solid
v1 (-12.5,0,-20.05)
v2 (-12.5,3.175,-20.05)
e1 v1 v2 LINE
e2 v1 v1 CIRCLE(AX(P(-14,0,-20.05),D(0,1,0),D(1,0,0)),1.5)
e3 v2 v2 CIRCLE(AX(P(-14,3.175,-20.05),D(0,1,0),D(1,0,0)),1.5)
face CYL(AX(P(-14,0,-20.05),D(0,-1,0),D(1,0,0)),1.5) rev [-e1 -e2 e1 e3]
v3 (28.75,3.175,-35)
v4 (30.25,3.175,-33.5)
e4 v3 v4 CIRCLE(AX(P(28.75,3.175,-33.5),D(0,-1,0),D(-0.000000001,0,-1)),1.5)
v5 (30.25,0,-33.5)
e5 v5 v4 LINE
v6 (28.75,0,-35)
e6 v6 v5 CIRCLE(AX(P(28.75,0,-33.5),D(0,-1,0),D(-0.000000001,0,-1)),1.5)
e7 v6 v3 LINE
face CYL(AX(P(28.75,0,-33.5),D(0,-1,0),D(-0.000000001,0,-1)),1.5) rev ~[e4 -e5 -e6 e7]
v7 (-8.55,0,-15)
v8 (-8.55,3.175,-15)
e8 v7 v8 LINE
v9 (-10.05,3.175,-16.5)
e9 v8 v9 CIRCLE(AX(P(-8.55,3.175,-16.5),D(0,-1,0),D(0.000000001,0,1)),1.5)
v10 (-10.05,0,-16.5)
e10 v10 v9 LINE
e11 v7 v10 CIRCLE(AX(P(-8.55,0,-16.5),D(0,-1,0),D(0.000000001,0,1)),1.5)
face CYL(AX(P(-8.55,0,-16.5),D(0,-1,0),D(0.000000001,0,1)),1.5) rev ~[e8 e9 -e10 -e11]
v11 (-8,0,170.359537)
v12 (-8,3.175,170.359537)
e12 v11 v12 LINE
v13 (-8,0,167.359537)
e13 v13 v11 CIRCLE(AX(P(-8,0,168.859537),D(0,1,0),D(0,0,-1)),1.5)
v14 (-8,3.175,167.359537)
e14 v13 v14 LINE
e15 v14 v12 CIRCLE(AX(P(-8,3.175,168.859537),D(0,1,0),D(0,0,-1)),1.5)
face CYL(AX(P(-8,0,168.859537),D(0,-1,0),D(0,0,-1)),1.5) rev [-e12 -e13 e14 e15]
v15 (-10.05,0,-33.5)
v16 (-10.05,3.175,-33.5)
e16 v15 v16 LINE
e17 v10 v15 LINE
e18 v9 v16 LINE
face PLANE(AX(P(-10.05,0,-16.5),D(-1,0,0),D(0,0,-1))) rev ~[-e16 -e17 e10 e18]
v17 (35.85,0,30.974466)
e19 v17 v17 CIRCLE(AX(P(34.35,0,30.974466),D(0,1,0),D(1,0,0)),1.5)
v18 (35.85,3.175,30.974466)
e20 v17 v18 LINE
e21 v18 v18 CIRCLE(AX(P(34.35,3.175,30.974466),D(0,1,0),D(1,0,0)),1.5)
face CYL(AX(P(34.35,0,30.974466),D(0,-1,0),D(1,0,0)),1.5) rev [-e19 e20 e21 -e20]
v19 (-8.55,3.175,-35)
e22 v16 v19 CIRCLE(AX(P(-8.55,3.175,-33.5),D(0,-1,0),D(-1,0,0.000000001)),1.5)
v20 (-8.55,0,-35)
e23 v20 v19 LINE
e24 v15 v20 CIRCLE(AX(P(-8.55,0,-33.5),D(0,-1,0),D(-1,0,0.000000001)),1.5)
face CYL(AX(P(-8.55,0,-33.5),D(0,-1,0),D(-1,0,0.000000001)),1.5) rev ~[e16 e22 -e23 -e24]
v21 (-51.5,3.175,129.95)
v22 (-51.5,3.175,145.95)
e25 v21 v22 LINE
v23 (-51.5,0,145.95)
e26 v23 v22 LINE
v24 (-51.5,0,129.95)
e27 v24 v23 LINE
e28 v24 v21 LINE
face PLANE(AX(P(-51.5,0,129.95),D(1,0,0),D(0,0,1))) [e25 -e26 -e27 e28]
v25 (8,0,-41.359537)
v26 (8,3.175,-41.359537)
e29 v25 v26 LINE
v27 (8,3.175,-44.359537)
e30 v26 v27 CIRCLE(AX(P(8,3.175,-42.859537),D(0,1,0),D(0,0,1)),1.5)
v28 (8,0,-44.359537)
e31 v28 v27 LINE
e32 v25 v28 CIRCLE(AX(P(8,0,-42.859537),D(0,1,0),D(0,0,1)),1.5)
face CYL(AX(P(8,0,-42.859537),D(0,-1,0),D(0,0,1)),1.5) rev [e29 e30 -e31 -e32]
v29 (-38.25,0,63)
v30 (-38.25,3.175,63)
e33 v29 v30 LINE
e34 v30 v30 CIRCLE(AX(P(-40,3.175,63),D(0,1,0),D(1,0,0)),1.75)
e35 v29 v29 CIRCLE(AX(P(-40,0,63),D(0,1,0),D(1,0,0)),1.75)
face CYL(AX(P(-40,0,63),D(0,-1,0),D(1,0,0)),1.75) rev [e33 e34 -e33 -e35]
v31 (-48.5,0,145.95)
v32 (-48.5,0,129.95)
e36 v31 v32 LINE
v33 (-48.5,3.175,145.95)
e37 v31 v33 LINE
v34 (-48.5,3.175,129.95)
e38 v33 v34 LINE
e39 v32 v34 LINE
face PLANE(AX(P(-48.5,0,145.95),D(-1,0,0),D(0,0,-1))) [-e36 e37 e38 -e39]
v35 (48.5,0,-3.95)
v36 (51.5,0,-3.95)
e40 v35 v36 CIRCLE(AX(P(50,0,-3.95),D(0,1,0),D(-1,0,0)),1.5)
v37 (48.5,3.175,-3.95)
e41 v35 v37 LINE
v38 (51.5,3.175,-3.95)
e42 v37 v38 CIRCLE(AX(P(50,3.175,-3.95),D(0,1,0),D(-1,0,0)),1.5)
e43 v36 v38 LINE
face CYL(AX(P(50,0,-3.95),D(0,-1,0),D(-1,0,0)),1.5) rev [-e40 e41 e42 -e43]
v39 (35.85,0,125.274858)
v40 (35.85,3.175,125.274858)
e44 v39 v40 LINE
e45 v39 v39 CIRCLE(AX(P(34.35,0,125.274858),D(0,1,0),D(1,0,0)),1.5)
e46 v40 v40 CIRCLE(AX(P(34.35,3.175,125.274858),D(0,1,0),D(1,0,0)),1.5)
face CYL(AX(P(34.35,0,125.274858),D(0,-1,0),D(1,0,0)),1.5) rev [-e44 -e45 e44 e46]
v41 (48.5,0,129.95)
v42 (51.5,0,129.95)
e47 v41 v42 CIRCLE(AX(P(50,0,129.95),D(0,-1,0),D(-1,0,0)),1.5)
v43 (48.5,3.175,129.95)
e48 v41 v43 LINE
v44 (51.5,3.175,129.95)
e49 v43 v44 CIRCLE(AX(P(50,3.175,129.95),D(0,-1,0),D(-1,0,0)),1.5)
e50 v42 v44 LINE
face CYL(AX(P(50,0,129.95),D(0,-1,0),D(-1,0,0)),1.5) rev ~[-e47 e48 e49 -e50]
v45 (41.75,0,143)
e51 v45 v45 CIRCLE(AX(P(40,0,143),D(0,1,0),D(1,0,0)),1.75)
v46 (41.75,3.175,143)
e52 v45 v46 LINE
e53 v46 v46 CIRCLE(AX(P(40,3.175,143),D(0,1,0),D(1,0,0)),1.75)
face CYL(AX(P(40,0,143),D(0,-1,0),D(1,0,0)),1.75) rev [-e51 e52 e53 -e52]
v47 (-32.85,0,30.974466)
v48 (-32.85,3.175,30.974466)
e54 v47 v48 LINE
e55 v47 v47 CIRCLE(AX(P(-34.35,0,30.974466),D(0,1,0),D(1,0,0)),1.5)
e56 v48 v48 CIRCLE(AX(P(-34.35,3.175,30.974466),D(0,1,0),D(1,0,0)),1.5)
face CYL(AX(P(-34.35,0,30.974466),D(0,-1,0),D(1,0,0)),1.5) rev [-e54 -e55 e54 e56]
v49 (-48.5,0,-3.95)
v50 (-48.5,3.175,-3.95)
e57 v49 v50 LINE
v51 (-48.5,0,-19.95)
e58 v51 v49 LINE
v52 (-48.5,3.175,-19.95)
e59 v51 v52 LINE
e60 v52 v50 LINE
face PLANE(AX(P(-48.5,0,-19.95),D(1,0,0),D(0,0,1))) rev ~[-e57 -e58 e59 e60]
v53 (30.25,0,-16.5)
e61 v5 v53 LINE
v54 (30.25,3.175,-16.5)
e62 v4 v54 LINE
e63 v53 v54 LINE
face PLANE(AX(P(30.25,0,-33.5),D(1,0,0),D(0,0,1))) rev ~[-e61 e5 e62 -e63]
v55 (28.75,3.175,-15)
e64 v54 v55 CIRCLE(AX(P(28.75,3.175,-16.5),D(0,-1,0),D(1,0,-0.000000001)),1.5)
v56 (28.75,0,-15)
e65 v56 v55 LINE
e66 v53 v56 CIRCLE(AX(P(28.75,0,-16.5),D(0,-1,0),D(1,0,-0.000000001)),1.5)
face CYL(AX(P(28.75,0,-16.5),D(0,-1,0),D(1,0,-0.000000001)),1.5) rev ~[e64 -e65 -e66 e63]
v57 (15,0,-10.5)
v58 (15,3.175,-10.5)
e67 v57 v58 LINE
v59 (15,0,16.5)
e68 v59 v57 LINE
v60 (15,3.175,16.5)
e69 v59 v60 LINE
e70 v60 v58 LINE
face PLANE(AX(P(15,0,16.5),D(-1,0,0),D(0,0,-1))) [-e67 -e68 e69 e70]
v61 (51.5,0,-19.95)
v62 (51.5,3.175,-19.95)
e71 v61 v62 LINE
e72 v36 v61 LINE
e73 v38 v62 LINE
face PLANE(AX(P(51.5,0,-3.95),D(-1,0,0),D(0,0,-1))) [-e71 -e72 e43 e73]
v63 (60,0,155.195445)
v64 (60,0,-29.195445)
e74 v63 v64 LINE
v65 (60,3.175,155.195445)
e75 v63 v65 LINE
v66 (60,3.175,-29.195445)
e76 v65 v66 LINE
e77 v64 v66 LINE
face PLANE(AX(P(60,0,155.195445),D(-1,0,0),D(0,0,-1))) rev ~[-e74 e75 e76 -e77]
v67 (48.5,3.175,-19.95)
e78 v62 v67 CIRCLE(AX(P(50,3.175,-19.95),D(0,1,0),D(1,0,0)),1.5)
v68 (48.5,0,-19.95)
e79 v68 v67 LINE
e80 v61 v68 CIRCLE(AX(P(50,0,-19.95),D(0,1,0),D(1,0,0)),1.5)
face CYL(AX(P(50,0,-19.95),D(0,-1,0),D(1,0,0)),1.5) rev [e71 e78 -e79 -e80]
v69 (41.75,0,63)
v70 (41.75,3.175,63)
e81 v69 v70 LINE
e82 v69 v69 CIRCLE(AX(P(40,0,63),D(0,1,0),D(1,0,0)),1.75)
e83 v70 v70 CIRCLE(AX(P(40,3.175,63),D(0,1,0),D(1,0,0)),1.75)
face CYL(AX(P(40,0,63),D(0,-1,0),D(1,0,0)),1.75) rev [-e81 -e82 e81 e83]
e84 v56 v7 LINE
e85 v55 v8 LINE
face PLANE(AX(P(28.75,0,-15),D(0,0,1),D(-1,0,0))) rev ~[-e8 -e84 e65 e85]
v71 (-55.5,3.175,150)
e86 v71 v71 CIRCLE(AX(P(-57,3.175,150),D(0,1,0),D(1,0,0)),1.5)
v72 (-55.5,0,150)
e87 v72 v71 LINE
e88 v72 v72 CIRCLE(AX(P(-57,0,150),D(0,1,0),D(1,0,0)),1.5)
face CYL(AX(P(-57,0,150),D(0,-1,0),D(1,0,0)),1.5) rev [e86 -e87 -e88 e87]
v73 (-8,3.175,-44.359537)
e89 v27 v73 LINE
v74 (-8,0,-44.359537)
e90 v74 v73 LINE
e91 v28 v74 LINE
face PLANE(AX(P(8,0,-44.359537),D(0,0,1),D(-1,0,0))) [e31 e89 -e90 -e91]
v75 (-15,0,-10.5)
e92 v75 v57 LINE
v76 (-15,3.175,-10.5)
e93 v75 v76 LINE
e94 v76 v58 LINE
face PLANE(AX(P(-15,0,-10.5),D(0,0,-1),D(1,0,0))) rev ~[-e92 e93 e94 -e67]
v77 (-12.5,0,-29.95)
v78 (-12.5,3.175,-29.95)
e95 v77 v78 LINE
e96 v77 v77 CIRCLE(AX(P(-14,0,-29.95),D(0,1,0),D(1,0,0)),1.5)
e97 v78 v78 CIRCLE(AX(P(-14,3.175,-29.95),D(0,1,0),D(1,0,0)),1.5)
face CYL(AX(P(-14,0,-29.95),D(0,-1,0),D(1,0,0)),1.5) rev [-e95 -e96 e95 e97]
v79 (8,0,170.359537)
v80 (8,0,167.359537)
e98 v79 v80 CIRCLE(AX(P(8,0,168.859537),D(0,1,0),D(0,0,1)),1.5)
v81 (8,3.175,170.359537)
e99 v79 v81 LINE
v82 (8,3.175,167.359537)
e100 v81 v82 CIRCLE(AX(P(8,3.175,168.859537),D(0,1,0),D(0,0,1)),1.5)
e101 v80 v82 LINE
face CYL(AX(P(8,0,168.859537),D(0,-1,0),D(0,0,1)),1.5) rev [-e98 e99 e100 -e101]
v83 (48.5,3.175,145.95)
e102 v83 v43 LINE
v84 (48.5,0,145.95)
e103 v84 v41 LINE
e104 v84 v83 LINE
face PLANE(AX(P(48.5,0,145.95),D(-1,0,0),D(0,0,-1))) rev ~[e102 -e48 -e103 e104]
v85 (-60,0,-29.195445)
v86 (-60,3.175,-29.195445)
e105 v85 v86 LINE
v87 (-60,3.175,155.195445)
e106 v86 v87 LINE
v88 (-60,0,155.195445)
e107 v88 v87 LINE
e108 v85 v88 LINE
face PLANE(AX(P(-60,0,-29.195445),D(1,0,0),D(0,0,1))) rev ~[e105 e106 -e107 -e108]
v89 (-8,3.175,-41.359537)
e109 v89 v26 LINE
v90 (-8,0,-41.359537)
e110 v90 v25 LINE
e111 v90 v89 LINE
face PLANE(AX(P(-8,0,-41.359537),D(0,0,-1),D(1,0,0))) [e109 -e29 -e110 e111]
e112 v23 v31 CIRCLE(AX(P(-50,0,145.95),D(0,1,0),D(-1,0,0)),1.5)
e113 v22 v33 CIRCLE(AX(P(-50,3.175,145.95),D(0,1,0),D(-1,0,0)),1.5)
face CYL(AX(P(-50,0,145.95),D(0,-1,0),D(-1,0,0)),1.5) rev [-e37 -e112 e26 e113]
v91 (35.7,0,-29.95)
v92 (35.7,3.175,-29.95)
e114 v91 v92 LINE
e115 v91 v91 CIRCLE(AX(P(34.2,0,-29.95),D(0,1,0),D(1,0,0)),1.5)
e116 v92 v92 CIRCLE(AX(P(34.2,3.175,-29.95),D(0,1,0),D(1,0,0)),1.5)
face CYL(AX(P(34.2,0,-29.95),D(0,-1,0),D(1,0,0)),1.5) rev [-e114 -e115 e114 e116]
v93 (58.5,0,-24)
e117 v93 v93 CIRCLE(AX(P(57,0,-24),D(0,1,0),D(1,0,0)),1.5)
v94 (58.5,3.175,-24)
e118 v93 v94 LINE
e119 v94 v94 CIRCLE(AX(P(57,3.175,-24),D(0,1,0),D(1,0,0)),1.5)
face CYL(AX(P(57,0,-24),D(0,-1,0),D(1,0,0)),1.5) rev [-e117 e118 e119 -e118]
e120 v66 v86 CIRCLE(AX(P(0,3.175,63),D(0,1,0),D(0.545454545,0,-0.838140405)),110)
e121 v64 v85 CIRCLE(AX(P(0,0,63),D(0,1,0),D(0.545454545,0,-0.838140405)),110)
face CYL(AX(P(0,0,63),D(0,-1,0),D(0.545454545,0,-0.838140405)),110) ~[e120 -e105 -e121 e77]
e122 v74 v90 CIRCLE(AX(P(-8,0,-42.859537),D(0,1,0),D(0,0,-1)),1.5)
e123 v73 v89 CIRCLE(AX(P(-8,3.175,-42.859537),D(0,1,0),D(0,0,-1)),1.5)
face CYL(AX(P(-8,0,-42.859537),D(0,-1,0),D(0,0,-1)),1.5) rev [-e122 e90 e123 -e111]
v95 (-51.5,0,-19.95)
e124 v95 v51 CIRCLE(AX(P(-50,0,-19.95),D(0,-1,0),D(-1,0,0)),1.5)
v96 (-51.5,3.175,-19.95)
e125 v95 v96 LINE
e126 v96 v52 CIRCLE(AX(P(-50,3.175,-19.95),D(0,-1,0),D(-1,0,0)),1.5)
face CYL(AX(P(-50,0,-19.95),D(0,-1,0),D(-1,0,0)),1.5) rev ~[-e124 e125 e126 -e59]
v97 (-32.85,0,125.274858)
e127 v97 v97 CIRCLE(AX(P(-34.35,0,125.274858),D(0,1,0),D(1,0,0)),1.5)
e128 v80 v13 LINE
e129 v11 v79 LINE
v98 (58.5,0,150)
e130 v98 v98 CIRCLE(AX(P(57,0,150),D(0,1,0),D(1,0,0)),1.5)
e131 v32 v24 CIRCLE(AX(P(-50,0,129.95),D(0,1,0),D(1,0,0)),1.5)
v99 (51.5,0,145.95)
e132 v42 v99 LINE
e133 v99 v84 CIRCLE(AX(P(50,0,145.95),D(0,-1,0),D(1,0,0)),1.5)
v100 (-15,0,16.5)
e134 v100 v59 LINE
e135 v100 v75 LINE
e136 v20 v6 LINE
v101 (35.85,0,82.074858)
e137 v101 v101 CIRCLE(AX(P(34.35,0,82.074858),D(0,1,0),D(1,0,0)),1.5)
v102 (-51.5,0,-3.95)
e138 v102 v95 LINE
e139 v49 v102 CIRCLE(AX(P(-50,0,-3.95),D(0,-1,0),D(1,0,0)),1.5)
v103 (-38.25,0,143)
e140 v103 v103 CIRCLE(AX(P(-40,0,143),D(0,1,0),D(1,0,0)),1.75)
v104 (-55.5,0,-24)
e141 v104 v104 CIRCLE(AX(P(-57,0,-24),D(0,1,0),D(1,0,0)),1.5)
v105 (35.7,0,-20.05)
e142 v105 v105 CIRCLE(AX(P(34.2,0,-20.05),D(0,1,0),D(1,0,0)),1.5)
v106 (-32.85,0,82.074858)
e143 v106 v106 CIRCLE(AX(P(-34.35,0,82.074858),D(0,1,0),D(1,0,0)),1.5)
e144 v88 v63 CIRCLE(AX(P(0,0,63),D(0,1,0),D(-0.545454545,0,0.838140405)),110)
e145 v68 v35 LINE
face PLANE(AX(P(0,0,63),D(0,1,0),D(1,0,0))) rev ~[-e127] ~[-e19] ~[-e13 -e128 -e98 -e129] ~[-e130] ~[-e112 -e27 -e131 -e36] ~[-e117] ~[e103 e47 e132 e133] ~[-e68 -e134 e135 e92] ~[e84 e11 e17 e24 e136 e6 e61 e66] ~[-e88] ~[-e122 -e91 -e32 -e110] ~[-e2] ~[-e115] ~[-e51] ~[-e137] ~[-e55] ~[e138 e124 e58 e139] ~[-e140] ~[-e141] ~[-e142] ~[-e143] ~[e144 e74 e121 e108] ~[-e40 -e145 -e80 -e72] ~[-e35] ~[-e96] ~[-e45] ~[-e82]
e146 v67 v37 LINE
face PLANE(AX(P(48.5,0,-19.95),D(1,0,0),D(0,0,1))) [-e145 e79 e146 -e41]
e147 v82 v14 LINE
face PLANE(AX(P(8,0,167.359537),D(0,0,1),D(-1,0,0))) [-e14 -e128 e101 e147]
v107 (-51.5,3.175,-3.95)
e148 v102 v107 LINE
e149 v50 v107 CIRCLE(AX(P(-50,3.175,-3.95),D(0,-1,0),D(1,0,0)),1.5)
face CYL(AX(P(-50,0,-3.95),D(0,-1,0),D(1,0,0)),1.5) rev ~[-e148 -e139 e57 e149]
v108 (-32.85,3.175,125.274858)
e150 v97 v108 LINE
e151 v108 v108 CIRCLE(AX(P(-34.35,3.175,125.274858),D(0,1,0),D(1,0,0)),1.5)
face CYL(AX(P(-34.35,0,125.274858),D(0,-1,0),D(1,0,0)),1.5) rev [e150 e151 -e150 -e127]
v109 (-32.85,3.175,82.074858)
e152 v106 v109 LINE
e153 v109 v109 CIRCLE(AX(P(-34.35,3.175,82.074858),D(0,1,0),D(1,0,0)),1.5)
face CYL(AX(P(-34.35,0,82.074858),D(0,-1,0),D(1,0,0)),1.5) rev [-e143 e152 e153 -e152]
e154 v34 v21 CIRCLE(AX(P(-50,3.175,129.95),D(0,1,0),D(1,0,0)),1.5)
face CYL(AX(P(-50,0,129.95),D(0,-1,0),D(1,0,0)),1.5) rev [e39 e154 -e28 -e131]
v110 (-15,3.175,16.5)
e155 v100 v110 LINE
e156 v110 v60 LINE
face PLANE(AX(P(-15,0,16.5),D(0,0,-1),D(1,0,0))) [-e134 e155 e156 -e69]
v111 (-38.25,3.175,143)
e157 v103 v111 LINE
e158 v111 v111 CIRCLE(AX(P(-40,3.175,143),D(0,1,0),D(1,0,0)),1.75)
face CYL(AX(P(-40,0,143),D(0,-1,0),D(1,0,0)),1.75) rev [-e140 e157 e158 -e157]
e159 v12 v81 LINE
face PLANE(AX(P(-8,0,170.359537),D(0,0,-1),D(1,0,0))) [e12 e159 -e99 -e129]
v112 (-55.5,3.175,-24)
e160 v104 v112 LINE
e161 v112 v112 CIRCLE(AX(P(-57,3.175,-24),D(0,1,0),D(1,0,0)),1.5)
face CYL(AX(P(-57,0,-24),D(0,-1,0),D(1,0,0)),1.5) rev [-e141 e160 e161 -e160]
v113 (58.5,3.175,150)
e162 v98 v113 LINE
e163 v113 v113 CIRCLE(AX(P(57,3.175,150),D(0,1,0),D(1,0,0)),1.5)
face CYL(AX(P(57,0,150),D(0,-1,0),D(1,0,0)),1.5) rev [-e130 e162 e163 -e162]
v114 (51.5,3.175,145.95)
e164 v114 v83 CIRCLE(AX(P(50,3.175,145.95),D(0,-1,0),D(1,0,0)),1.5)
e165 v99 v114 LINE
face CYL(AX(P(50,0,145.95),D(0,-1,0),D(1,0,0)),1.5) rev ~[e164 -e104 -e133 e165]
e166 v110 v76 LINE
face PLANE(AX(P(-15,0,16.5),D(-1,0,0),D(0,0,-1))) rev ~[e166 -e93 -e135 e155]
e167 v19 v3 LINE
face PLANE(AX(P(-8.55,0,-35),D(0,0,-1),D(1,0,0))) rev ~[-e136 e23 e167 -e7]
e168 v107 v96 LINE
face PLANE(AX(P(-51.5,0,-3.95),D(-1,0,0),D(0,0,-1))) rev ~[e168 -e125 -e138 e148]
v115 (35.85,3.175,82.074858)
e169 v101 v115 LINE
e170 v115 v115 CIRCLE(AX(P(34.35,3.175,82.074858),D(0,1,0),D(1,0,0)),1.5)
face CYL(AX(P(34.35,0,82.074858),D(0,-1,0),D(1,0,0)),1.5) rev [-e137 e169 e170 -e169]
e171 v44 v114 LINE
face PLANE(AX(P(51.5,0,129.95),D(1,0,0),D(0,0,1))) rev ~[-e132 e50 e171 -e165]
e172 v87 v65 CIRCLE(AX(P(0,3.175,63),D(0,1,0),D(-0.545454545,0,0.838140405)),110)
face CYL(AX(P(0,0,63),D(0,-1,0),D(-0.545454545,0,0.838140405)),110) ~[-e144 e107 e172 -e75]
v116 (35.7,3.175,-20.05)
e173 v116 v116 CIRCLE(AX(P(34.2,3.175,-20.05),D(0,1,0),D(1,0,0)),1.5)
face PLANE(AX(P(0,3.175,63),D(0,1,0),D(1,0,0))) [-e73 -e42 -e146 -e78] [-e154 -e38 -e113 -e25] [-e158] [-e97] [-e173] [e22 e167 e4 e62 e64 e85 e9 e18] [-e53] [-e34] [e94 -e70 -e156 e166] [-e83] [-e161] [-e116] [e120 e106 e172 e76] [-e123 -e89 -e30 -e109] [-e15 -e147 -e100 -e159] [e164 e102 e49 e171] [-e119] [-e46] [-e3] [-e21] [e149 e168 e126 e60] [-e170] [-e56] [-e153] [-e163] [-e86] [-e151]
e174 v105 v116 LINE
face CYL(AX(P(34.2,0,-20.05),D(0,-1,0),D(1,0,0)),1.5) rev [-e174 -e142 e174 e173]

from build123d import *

# Parameters (mm, degrees)
SKETCH_1_R      = 1.5
SKETCH_1_R_2    = 1.75
SKETCH_1_W      = 30
SKETCH_1_H      = 27
EXTRUDE_1_DEPTH = 3.175


with BuildPart() as part:
    # 草图1 → 凸台-拉伸1 (new body)
    with BuildSketch(Plane(origin=(0, 0, 0), x_dir=(1, 0, 0), z_dir=(0, 1, 0))):
        with BuildLine():
            Line((-60, 29.195444573), (-60, -155.195444573))
            ThreePointArc((-60, -155.195444573), (0, -173), (60, -155.195444573))
            Line((60, -155.195444573), (60, 29.195444573))
            ThreePointArc((60, 29.195444573), (0, 47), (-60, 29.195444573))
        make_face()
        with Locations((-57, -150)):
            Circle(SKETCH_1_R, mode=Mode.SUBTRACT)
        with Locations((57, -150)):
            Circle(SKETCH_1_R, mode=Mode.SUBTRACT)
        with Locations((57, 24)):
            Circle(SKETCH_1_R, mode=Mode.SUBTRACT)
        with Locations((-57, 24)):
            Circle(SKETCH_1_R, mode=Mode.SUBTRACT)
        with Locations((-14, 29.95)):
            Circle(SKETCH_1_R, mode=Mode.SUBTRACT)
        with Locations((-14, 20.05)):
            Circle(SKETCH_1_R, mode=Mode.SUBTRACT)
        with Locations((34.2, 29.95)):
            Circle(SKETCH_1_R, mode=Mode.SUBTRACT)
        with Locations((34.2, 20.05)):
            Circle(SKETCH_1_R, mode=Mode.SUBTRACT)
        with Locations((-40, -63)):
            Circle(SKETCH_1_R_2, mode=Mode.SUBTRACT)
        with Locations((-40, -143)):
            Circle(SKETCH_1_R_2, mode=Mode.SUBTRACT)
        with Locations((40, -143)):
            Circle(SKETCH_1_R_2, mode=Mode.SUBTRACT)
        with Locations((40, -63)):
            Circle(SKETCH_1_R_2, mode=Mode.SUBTRACT)
        with Locations((-34.35, -82.074857642)):
            Circle(SKETCH_1_R, mode=Mode.SUBTRACT)
        with Locations((-34.35, -125.274857642)):
            Circle(SKETCH_1_R, mode=Mode.SUBTRACT)
        with Locations((34.35, -125.274857642)):
            Circle(SKETCH_1_R, mode=Mode.SUBTRACT)
        with Locations((34.35, -82.074857642)):
            Circle(SKETCH_1_R, mode=Mode.SUBTRACT)
        with Locations((-34.35, -30.974465683)):
            Circle(SKETCH_1_R, mode=Mode.SUBTRACT)
        with Locations((34.35, -30.974465683)):
            Circle(SKETCH_1_R, mode=Mode.SUBTRACT)
        with BuildLine():
            Line((-8.55, 35), (28.75, 35))
            ThreePointArc((28.75, 35), (29.810660172, 34.560660172), (30.25, 33.5))
            Line((30.25, 33.5), (30.25, 16.5))
            ThreePointArc((30.25, 16.5), (29.810660172, 15.439339828), (28.75, 15))
            Line((28.75, 15), (-8.55, 15))
            ThreePointArc((-8.55, 15), (-9.610660172, 15.439339828), (-10.05, 16.5))
            Line((-10.05, 16.5), (-10.05, 33.5))
            ThreePointArc((-10.05, 33.5), (-9.610660172, 34.560660172), (-8.55, 35))
        make_face(mode=Mode.SUBTRACT)
        with BuildLine():
            Line((-8, 41.359537153), (8, 41.359537153))
            ThreePointArc((8, 41.359537153), (9.5, 42.859537153), (8, 44.359537153))
            Line((8, 44.359537153), (-8, 44.359537153))
            ThreePointArc((-8, 44.359537153), (-9.5, 42.859537153), (-8, 41.359537153))
        make_face(mode=Mode.SUBTRACT)
        with BuildLine():
            Line((-8, -170.359537153), (8, -170.359537153))
            ThreePointArc((8, -170.359537153), (9.5, -168.859537153), (8, -167.359537153))
            Line((8, -167.359537153), (-8, -167.359537153))
            ThreePointArc((-8, -167.359537153), (-9.5, -168.859537153), (-8, -170.359537153))
        make_face(mode=Mode.SUBTRACT)
        with BuildLine():
            Line((-48.5, 19.95), (-48.5, 3.95))
            ThreePointArc((-48.5, 3.95), (-50, 2.45), (-51.5, 3.95))
            Line((-51.5, 3.95), (-51.5, 19.95))
            ThreePointArc((-51.5, 19.95), (-50, 21.45), (-48.5, 19.95))
        make_face(mode=Mode.SUBTRACT)
        with BuildLine():
            Line((51.5, 3.95), (51.5, 19.95))
            ThreePointArc((51.5, 19.95), (50, 21.45), (48.5, 19.95))
            Line((48.5, 19.95), (48.5, 3.95))
            ThreePointArc((48.5, 3.95), (50, 2.45), (51.5, 3.95))
        make_face(mode=Mode.SUBTRACT)
        with BuildLine():
            Line((48.5, -145.95), (48.5, -129.95))
            ThreePointArc((48.5, -129.95), (50, -128.45), (51.5, -129.95))
            Line((51.5, -129.95), (51.5, -145.95))
            ThreePointArc((51.5, -145.95), (50, -147.45), (48.5, -145.95))
        make_face(mode=Mode.SUBTRACT)
        with BuildLine():
            Line((-51.5, -129.95), (-51.5, -145.95))
            ThreePointArc((-51.5, -145.95), (-50, -147.45), (-48.5, -145.95))
            Line((-48.5, -145.95), (-48.5, -129.95))
            ThreePointArc((-48.5, -129.95), (-50, -128.45), (-51.5, -129.95))
        make_face(mode=Mode.SUBTRACT)
        with Locations((0, -3)):
            Rectangle(SKETCH_1_W, SKETCH_1_H, mode=Mode.SUBTRACT)
    extrude(amount=EXTRUDE_1_DEPTH)


solid = part.part
